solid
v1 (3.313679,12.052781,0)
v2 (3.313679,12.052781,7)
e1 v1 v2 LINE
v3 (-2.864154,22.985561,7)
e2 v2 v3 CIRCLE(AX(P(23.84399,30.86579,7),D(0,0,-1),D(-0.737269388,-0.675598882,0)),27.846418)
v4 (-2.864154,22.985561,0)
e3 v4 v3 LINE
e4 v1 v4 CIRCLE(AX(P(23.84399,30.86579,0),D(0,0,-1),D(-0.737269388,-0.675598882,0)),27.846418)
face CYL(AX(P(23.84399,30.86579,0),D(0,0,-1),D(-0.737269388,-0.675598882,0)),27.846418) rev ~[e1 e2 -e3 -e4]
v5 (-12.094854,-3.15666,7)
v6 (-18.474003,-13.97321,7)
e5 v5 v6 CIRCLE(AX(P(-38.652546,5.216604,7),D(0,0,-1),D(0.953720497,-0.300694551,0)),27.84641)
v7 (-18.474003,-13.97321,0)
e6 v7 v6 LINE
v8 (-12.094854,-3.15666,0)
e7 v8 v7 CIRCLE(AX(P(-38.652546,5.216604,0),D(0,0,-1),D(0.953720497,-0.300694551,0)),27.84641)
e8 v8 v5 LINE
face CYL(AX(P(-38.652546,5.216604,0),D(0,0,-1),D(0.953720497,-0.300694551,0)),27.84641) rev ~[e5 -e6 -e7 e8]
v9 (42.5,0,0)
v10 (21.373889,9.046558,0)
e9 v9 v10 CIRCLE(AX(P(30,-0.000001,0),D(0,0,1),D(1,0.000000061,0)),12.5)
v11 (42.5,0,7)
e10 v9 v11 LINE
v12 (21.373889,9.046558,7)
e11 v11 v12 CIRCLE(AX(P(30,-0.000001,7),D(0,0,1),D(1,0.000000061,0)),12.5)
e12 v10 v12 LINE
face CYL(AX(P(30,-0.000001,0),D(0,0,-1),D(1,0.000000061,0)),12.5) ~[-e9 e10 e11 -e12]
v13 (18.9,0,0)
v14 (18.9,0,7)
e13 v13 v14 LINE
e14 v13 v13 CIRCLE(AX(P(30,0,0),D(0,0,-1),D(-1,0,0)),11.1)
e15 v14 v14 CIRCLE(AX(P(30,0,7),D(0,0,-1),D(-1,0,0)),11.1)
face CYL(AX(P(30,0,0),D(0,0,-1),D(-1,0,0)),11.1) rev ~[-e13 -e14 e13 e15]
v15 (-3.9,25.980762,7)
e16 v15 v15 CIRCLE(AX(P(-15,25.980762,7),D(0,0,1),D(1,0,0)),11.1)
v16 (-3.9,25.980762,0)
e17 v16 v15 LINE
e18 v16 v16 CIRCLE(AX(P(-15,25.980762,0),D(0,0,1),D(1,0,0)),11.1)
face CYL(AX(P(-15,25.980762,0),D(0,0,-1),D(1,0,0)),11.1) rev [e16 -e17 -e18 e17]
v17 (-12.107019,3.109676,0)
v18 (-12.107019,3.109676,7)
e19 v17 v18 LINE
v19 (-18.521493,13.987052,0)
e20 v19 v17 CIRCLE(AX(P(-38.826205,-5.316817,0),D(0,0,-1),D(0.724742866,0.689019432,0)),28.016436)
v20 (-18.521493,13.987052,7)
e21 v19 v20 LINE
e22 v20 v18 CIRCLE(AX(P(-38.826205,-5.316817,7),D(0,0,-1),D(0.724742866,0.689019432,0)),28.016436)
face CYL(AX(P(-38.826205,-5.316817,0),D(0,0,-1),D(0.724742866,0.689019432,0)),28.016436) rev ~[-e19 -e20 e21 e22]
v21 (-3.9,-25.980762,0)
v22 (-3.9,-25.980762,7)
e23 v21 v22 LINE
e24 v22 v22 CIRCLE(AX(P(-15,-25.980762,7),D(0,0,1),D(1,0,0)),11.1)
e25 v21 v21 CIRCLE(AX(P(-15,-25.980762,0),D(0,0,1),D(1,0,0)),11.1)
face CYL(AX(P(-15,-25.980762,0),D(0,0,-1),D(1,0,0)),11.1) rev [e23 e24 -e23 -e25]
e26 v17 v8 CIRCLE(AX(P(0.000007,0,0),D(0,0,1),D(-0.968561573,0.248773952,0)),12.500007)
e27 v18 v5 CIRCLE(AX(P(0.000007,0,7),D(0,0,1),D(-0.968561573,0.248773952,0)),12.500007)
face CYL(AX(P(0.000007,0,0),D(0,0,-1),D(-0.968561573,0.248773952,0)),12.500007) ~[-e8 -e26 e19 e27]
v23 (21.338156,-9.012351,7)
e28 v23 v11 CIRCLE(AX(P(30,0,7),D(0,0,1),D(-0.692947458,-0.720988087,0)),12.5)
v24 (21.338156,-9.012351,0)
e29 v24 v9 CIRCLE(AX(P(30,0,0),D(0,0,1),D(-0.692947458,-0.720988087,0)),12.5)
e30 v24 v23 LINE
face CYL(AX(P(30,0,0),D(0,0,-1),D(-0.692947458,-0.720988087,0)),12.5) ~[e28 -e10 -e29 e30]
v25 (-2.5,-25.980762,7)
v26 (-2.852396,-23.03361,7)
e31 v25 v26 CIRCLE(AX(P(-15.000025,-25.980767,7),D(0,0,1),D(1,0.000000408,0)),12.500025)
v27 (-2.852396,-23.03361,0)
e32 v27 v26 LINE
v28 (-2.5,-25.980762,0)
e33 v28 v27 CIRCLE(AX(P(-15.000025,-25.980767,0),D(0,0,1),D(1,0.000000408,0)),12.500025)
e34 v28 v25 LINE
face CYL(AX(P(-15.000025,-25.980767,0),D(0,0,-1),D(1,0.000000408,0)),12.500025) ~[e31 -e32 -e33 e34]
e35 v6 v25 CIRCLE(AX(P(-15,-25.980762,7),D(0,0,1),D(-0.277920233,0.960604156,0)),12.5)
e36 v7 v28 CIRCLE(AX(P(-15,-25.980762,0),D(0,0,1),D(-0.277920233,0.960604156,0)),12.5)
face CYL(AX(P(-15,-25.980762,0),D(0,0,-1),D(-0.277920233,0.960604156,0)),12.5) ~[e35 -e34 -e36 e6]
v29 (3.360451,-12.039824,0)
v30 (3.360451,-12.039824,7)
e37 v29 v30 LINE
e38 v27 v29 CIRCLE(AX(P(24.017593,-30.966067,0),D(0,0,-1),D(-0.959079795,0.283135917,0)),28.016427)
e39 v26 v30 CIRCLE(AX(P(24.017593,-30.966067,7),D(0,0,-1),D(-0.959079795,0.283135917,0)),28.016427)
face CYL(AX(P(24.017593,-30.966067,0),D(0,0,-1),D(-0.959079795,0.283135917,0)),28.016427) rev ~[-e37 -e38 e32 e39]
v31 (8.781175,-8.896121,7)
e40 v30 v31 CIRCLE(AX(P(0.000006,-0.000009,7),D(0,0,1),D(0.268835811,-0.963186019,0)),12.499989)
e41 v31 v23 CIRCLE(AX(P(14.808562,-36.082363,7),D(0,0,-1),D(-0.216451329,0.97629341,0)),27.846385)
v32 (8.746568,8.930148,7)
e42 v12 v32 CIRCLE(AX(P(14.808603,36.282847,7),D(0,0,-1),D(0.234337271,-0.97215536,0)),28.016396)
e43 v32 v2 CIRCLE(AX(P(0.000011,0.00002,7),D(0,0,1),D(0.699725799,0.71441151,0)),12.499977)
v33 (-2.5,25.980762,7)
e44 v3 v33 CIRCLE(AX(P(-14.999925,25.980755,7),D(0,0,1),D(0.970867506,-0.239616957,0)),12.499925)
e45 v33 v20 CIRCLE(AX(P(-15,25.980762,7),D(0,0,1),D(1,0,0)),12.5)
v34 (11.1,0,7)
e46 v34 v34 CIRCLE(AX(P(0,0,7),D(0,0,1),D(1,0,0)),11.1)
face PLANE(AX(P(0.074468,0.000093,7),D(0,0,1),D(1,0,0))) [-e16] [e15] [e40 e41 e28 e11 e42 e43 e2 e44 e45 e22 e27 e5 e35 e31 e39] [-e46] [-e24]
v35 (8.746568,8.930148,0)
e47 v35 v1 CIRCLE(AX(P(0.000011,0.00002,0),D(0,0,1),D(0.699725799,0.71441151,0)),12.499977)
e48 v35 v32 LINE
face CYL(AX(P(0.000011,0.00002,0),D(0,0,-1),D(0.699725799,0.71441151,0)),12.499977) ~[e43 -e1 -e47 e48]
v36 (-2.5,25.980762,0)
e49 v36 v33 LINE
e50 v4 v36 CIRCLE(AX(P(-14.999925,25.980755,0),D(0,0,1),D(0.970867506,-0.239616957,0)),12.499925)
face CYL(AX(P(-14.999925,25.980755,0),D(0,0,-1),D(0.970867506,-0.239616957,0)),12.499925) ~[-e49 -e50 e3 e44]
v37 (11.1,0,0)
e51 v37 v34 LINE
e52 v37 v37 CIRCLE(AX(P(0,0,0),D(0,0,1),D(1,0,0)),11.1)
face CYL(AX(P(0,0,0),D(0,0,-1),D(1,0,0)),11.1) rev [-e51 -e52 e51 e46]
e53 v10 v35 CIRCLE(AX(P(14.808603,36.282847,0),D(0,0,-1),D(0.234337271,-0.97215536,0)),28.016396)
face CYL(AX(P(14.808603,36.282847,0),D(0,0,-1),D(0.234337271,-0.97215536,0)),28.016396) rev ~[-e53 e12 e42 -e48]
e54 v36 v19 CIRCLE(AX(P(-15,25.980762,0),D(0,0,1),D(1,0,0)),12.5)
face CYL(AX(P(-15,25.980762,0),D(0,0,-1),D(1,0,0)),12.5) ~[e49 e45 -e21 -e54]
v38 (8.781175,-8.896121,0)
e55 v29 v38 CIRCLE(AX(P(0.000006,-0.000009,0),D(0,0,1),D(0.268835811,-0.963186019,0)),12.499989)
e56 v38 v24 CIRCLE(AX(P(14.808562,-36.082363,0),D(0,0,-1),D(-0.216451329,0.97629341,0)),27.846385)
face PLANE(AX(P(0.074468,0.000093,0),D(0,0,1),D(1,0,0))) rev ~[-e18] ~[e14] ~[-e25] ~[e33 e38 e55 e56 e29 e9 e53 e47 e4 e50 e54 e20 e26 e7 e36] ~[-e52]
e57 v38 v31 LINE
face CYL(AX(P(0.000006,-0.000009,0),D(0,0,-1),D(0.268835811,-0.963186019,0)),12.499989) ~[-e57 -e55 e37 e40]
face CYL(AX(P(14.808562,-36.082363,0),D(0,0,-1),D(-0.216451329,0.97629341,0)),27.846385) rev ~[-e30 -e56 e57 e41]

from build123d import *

# Parameters (mm, degrees)
F0_R     = 11.1
F1_DEPTH = 7


with BuildPart() as f1:
    # F0 (on Top) → F1 (new body)
    with BuildSketch(Plane.XY):
        with BuildLine():
            ThreePointArc((8.781175, -8.896121), (11.532881, -4.821064), (12.5, 0))
            ThreePointArc((12.5, 0), (11.5235, 4.843444), (8.746568, 8.930148))
            ThreePointArc((8.746568, 8.930148), (6.228973, 10.837431), (3.313679, 12.052781))
            ThreePointArc((3.313679, 12.052781), (-6.271004, 10.813164), (-12.107019, 3.109676))
            ThreePointArc((-12.107019, 3.109676), (-12.499976, -0.024267), (-12.094854, -3.15666))
            ThreePointArc((-12.094854, -3.15666), (-6.228973, -10.837431), (3.360451, -12.039824))
            ThreePointArc((3.360451, -12.039824), (6.271004, -10.813164), (8.781175, -8.896121))
        make_face()
        Circle(F0_R, mode=Mode.SUBTRACT)
        with BuildLine():
            ThreePointArc((8.746568, 8.930148), (11.5235, 4.843444), (12.5, 0))
            ThreePointArc((12.5, 0), (11.532881, -4.821064), (8.781175, -8.896121))
            ThreePointArc((8.781175, -8.896121), (15.066303, -8.237171), (21.338156, -9.012351))
            ThreePointArc((21.338156, -9.012351), (18.499499, -4.897803), (17.5, 0))
            ThreePointArc((17.5, 0), (18.509213, 4.920549), (21.373889, 9.046558))
            ThreePointArc((21.373889, 9.046558), (15.066873, 8.267642), (8.746568, 8.930148))
        make_face()
        with BuildLine():
            ThreePointArc((-12.107019, 3.109676), (-6.271004, 10.813164), (3.313679, 12.052781))
            ThreePointArc((3.313679, 12.052781), (-0.399552, 17.166387), (-2.864154, 22.985561))
            ThreePointArc((-2.864154, 22.985561), (-8.771432, 15.143099), (-18.521493, 13.987052))
            ThreePointArc((-18.521493, 13.987052), (-14.693425, 8.914473), (-12.107019, 3.109676))
        make_face()
        with BuildLine():
            ThreePointArc((42.5, 0), (34.920549, 11.490787), (21.373889, 9.046558))
            ThreePointArc((21.373889, 9.046558), (18.509213, 4.920549), (17.5, 0))
            ThreePointArc((17.5, 0), (18.499499, -4.897803), (21.338156, -9.012351))
            ThreePointArc((21.338156, -9.012351), (34.897803, -11.500501), (42.5, 0))
        make_face()
        with BuildLine():
            ThreePointArc((41.1, 0), (30, -11.1), (18.9, 0))
            ThreePointArc((18.9, 0), (30, 11.1), (41.1, 0))
        make_face(mode=Mode.SUBTRACT)
        with BuildLine():
            ThreePointArc((-2.852396, -23.03361), (-0.373448, -17.182116), (3.360451, -12.039824))
            ThreePointArc((3.360451, -12.039824), (-6.228973, -10.837431), (-12.094854, -3.15666))
            ThreePointArc((-12.094854, -3.15666), (-14.666751, -8.929215), (-18.474003, -13.97321))
            ThreePointArc((-18.474003, -13.97321), (-8.728593, -15.167832), (-2.852396, -23.03361))
        make_face()
        with BuildLine():
            ThreePointArc((-18.521493, 13.987052), (-8.771432, 15.143099), (-2.864154, 22.985561))
            ThreePointArc((-2.864154, 22.985561), (-2.591372, 24.472134), (-2.5, 25.980762))
            ThreePointArc((-2.5, 25.980762), (-22.491039, 35.987476), (-18.521493, 13.987052))
        make_face()
        with Locations((-15, 25.980762)):
            Circle(F0_R, mode=Mode.SUBTRACT)
        with BuildLine():
            ThreePointArc((-2.5, -25.980762), (-2.588412, -24.496689), (-2.852396, -23.03361))
            ThreePointArc((-2.852396, -23.03361), (-8.728593, -15.167832), (-18.474003, -13.97321))
            ThreePointArc((-18.474003, -13.97321), (-22.510824, -35.972635), (-2.5, -25.980762))
        make_face()
        with Locations((-15, -25.980762)):
            Circle(F0_R, mode=Mode.SUBTRACT)
    extrude(amount=F1_DEPTH)


solid = f1.part
